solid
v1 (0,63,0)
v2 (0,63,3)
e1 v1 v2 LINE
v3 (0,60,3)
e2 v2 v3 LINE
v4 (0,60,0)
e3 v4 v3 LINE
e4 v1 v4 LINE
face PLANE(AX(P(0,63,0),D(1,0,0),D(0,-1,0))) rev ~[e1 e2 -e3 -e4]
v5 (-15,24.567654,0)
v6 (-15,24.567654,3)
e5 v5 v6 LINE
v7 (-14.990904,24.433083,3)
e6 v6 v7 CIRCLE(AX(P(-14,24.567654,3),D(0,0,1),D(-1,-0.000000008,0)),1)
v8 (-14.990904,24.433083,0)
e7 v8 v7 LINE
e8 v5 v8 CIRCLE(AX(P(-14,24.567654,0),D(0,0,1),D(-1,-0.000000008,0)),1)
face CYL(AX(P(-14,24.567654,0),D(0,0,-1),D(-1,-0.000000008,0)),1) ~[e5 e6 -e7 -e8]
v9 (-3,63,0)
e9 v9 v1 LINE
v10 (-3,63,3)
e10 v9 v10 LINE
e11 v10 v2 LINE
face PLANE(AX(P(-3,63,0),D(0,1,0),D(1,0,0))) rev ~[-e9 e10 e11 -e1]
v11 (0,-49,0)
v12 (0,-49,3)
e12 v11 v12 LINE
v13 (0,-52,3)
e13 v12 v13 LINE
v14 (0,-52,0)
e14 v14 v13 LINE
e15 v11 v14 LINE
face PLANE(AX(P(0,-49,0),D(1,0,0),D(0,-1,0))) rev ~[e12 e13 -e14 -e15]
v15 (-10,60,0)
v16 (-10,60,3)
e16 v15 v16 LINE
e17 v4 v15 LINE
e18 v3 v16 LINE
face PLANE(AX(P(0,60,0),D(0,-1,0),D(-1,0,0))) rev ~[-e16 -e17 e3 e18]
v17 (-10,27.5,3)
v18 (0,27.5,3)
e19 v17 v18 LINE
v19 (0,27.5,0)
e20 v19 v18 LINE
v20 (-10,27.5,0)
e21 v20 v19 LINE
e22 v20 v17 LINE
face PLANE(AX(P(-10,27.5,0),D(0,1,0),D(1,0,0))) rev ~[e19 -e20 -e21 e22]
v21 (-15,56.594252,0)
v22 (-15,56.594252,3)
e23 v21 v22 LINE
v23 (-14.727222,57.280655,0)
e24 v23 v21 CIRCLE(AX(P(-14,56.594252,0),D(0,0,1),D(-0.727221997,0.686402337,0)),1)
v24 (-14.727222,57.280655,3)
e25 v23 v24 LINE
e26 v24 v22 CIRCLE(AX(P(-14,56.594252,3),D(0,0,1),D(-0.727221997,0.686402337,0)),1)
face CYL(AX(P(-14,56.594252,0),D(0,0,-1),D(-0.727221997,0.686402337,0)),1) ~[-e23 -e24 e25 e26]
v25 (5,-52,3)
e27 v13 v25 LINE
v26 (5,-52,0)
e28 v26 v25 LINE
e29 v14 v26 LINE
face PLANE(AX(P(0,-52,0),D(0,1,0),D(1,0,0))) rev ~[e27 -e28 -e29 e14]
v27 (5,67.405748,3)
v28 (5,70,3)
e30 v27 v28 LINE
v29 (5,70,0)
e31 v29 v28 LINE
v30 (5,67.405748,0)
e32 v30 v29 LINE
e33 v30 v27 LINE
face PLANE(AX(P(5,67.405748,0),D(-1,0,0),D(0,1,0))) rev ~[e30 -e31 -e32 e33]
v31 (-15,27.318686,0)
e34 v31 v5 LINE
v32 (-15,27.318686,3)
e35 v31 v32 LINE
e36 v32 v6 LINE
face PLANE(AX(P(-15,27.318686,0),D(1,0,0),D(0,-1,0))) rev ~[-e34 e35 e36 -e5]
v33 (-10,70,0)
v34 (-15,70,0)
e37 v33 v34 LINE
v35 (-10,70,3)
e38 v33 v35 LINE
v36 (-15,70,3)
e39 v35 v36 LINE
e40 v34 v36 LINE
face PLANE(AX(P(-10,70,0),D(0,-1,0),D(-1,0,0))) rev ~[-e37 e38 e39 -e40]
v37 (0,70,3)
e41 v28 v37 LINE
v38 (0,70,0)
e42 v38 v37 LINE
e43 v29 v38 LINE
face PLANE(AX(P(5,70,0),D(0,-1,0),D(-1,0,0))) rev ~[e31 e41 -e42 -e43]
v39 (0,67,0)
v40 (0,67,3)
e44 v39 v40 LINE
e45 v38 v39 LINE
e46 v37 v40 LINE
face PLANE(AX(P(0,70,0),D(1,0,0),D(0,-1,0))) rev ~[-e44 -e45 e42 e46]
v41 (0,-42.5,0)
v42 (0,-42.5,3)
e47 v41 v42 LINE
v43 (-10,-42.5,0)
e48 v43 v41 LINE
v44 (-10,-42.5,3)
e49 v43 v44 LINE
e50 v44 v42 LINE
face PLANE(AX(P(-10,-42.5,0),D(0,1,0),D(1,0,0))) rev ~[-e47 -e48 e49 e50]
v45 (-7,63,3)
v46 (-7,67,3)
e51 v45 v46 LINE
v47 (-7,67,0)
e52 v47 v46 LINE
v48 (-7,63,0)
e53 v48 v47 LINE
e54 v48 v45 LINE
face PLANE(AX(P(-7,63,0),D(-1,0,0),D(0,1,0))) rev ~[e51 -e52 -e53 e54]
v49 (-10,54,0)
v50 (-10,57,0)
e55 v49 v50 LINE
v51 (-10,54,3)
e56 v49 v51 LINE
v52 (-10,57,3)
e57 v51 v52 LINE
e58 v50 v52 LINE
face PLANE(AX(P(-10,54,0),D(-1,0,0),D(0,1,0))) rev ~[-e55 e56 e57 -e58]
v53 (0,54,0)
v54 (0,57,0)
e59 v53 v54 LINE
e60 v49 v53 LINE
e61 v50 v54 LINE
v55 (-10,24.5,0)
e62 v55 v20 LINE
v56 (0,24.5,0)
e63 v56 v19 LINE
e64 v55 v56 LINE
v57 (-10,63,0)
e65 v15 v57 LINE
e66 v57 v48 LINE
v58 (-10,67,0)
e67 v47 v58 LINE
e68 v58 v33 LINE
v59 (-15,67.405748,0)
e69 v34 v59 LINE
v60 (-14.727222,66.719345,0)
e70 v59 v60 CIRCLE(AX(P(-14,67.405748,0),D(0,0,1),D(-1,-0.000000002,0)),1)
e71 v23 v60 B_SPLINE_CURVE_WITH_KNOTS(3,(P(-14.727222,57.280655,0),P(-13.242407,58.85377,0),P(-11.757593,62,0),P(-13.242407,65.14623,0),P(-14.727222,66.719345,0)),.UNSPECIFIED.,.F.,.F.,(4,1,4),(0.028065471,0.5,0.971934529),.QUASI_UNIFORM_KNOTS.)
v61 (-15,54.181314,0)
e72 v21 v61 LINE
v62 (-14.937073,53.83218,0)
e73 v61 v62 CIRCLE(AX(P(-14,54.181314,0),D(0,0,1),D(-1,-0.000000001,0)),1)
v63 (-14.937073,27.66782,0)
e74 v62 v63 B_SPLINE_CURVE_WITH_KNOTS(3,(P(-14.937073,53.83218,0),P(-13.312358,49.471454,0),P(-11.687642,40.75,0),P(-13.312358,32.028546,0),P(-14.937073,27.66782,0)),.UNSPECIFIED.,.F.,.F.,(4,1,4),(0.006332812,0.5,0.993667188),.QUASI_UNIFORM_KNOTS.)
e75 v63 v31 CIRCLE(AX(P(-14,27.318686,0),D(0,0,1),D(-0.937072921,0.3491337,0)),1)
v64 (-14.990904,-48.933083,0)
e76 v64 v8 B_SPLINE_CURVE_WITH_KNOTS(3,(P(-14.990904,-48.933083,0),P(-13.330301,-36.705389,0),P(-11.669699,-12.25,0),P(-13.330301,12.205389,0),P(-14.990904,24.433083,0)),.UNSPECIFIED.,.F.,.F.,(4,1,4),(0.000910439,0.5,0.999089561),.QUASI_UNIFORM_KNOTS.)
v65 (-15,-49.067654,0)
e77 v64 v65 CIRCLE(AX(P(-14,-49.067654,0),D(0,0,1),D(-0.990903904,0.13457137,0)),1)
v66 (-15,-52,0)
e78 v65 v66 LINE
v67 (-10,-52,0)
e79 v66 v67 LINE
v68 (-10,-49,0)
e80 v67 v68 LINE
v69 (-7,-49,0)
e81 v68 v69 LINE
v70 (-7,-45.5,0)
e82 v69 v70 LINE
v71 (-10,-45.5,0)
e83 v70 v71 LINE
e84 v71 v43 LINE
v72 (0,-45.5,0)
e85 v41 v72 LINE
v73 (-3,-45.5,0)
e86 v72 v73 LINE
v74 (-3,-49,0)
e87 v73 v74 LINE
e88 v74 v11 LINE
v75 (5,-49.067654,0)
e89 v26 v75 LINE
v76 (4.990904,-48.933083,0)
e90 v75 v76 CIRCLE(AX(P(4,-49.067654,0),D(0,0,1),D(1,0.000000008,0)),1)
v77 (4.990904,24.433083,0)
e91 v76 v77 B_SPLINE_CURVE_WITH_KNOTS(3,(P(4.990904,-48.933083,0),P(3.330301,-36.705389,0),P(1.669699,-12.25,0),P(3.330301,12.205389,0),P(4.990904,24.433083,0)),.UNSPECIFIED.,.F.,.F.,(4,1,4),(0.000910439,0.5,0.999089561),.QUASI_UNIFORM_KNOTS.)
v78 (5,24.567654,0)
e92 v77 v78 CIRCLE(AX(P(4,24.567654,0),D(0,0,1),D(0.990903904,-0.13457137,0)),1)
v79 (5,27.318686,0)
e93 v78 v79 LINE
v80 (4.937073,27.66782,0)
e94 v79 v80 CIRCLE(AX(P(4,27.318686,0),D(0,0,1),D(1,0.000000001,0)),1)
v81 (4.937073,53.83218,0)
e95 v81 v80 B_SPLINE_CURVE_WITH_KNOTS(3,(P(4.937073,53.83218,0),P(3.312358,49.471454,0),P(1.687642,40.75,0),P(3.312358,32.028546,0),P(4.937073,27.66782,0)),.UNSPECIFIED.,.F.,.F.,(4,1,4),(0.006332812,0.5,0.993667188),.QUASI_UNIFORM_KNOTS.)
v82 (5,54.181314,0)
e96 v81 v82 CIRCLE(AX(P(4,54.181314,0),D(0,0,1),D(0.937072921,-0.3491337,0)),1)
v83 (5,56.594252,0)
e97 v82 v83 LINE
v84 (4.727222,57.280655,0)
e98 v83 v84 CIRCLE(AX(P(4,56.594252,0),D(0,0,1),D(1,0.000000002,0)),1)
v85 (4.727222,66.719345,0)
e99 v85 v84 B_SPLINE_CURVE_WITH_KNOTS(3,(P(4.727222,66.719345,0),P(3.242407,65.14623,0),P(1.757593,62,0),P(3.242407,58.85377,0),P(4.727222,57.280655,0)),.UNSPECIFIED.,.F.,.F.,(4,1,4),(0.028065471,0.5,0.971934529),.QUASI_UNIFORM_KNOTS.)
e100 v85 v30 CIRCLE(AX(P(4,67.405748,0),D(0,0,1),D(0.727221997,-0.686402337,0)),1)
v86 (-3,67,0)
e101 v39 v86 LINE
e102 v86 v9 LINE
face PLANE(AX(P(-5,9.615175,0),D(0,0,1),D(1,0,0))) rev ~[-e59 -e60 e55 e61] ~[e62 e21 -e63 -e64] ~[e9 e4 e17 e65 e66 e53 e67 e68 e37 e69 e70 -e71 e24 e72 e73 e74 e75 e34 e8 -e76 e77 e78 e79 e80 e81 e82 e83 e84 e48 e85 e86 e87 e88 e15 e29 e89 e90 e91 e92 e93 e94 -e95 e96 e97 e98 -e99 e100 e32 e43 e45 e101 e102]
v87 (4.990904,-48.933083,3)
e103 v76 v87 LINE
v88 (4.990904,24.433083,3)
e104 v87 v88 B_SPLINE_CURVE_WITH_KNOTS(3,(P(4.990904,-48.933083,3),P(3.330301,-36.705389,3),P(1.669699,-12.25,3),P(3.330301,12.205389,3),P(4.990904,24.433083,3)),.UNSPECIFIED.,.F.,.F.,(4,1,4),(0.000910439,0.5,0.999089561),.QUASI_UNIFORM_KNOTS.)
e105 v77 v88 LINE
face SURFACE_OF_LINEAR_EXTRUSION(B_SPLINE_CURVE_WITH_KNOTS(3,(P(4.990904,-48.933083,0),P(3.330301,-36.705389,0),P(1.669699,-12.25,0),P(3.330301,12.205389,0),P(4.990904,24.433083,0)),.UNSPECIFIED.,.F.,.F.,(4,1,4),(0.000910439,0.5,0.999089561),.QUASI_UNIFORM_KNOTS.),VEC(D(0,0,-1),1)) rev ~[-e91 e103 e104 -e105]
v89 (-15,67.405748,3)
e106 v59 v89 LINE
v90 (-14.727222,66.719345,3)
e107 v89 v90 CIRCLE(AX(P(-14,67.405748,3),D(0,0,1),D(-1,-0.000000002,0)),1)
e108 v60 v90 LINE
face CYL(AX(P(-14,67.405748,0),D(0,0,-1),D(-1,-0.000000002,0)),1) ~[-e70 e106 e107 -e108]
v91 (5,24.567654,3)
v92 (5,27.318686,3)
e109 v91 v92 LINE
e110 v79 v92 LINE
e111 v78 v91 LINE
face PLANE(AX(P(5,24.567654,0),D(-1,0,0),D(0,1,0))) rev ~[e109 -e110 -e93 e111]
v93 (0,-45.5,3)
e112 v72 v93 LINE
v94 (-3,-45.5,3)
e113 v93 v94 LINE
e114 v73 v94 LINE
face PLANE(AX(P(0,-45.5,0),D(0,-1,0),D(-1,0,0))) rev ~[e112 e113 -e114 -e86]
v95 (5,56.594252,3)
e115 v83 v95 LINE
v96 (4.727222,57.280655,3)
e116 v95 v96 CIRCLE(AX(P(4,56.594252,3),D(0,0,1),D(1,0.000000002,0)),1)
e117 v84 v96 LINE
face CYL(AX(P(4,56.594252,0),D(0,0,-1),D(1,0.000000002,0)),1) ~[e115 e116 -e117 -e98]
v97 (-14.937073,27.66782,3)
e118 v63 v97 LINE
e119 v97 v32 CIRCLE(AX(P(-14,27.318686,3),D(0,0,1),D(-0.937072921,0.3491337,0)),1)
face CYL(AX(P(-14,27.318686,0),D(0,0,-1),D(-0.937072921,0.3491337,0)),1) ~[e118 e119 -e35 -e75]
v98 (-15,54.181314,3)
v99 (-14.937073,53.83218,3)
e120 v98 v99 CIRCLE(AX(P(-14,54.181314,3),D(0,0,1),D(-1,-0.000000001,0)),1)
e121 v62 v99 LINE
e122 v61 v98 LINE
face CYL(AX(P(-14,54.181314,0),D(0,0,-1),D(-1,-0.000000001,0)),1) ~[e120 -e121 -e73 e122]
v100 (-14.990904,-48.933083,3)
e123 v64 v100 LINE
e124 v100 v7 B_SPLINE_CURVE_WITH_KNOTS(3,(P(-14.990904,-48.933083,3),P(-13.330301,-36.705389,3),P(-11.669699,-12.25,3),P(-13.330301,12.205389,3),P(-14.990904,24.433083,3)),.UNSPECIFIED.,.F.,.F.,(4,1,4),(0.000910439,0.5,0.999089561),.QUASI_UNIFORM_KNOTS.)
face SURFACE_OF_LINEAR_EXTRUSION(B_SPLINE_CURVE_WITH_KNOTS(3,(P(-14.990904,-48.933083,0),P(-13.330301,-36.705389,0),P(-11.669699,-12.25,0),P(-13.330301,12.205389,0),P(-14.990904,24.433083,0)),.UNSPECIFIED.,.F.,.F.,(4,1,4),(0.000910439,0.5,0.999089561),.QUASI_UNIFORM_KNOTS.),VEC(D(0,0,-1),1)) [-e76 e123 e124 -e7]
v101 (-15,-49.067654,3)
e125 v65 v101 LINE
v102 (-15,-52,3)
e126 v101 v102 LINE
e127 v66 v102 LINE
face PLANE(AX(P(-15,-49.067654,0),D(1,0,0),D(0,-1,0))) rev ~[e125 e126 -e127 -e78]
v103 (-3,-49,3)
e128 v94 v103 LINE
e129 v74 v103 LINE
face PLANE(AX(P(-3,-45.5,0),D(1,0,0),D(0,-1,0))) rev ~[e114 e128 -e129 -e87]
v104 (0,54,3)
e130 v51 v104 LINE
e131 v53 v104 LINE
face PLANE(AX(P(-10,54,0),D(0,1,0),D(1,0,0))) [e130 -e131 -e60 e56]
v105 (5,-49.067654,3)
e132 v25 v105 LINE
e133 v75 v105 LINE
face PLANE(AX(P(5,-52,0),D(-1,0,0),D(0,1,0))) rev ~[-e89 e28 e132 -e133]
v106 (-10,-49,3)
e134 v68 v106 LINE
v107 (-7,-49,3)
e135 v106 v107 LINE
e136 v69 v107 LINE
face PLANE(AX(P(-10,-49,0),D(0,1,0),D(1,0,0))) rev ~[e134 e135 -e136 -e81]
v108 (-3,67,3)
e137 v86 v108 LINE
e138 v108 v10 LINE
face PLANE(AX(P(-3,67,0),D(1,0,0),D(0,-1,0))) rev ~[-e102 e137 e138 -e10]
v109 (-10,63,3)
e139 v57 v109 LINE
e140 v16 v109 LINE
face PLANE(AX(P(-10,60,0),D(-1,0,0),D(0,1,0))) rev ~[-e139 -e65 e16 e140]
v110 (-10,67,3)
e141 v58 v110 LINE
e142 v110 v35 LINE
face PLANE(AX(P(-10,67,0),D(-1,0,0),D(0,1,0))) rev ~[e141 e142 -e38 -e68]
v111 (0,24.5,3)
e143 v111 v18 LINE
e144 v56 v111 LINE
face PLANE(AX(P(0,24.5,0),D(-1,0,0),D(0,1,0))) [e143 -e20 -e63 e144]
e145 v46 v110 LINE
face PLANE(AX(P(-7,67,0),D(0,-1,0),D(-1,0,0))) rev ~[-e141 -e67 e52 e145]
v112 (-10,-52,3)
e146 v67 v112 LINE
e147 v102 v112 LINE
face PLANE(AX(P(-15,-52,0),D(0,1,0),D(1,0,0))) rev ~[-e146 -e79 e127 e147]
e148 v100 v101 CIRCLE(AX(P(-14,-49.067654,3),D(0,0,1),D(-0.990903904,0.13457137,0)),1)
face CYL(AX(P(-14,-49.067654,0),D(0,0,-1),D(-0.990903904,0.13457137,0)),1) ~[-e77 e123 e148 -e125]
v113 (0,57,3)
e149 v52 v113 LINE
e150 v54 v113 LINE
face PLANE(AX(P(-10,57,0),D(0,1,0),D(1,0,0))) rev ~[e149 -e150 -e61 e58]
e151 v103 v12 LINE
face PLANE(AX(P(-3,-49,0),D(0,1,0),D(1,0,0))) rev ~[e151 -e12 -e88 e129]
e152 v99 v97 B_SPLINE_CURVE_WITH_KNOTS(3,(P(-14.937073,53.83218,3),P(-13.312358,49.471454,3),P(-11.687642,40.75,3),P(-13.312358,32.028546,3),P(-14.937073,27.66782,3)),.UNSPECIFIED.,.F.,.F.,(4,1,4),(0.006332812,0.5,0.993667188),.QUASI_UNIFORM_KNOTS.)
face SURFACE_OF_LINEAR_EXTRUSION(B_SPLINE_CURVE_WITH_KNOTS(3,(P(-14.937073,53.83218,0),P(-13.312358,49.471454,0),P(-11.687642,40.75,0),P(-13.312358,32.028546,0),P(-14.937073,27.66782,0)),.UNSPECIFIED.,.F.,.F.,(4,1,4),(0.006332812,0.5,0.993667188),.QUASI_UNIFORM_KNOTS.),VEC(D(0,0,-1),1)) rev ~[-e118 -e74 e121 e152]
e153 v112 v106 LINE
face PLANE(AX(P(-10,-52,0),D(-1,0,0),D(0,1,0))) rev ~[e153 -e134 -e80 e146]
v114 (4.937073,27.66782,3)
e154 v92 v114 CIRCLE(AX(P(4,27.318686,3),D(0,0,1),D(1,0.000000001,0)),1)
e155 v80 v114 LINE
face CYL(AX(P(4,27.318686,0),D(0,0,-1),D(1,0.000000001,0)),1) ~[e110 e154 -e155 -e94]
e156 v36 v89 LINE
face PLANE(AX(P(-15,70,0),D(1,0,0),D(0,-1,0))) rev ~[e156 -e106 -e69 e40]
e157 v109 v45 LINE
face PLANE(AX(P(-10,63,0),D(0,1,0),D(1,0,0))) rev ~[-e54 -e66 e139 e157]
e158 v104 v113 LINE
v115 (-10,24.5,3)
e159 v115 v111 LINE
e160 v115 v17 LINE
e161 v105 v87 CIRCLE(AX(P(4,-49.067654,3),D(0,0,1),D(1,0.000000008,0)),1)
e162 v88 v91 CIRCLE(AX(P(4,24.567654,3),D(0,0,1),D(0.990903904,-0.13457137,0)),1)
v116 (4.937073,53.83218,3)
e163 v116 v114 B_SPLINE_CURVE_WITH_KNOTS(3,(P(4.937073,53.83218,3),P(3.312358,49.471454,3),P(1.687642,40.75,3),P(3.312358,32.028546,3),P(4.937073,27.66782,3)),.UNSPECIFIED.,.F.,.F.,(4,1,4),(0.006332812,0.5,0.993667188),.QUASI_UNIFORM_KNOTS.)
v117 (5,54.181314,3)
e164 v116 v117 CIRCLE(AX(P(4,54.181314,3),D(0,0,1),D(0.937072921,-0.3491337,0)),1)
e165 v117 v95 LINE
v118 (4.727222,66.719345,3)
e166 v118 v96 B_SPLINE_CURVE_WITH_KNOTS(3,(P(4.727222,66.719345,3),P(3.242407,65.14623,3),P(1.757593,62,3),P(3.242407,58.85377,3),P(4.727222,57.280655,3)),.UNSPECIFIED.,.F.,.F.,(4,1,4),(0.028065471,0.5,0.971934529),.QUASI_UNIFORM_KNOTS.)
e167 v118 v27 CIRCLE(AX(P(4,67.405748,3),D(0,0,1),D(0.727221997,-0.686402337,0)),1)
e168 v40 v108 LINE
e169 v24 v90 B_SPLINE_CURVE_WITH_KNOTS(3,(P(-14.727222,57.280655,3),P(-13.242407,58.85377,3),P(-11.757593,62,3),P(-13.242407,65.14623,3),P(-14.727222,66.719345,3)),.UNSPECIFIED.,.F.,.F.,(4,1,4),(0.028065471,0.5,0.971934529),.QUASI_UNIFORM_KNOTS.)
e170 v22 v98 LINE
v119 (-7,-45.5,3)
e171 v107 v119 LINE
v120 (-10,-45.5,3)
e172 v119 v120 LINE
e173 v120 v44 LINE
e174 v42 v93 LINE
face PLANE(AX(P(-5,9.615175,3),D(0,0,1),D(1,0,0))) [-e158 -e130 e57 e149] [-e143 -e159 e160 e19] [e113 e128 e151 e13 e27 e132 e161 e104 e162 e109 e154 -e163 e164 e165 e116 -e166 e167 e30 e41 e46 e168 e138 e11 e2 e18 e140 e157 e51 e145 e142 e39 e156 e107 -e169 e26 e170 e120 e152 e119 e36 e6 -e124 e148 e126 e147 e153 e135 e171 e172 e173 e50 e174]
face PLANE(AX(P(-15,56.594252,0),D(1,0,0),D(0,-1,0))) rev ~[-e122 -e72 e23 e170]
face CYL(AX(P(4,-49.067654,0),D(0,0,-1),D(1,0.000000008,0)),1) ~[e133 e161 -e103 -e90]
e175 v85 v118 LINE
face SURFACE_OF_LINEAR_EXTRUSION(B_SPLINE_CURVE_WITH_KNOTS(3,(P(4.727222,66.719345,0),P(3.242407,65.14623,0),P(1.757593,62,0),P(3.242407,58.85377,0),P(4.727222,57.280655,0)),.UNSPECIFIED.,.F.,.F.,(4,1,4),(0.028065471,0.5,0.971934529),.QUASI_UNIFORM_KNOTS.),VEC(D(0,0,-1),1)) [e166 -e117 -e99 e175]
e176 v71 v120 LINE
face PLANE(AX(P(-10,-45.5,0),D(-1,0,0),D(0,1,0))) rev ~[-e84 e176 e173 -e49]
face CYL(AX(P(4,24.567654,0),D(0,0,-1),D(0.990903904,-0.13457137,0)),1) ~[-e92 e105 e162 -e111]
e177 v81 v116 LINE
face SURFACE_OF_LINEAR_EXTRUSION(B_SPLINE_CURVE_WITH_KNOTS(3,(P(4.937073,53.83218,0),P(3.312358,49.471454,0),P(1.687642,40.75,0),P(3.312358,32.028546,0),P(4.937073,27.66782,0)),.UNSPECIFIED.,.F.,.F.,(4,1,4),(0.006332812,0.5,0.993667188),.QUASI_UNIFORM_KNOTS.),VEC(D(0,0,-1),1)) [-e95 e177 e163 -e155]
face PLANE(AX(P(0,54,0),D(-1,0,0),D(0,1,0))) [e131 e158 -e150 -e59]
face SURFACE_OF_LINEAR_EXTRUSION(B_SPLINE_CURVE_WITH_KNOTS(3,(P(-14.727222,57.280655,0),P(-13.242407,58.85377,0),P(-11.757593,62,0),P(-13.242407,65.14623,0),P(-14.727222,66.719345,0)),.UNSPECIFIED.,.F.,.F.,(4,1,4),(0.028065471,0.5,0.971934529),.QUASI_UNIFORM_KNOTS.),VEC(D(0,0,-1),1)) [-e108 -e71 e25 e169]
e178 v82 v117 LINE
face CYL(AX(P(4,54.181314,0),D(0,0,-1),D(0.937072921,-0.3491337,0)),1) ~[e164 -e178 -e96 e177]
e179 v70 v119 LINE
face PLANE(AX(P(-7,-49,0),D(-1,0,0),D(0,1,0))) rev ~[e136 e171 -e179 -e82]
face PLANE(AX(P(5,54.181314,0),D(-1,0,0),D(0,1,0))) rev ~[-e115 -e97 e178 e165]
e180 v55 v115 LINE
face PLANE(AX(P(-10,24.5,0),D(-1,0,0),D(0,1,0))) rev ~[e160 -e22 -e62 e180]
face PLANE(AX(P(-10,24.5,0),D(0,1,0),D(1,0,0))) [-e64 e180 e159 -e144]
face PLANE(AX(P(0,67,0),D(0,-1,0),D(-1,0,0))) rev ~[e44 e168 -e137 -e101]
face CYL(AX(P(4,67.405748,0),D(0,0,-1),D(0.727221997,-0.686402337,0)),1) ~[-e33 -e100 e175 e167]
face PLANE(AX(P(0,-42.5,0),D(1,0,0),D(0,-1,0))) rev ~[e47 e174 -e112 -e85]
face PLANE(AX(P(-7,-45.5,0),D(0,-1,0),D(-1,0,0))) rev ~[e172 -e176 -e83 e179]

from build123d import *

# Parameters (mm, degrees)
CROQUIS1_W              = 10
CROQUIS1_H              = 3
SALIENTE_EXTRUIR1_DEPTH = 3


with BuildPart() as part:
    # Croquis1 → Saliente-Extruir1 (new body)
    with BuildSketch(Plane.XY):
        with BuildLine():
            Line((-0.5, 63), (0, 63))
            Line((0, 63), (0, 60))
            Line((0, 60), (-0.5, 60))
            Line((-0.5, 60), (-9.5, 60))
            Line((-9.5, 60), (-10, 60))
            Line((-10, 60), (-10, 63))
            Line((-10, 63), (-9.5, 63))
            Line((-9.5, 63), (-7, 63))
            Line((-7, 63), (-7, 67))
            Line((-7, 67), (-10, 67))
            Line((-10, 67), (-10, 70))
            Line((-10, 70), (-15, 70))
            Line((-15, 70), (-15, 67.405747627))
            ThreePointArc((-15, 67.405747627), (-14.929306729, 67.036438809), (-14.727221995, 66.719345288))
            add(Edge.make_bspline(
                [(-14.727221995, 57.280654712), (-13.242407332, 58.853769808), (-11.757592668, 62), (-13.242407332, 65.146230192), (-14.727221995, 66.719345288)],
                knots=[0.028065471, 0.028065471, 0.028065471, 0.028065471, 0.5, 0.971934529, 0.971934529, 0.971934529, 0.971934529], degree=3))
            ThreePointArc((-14.727221995, 57.280654712), (-14.929306729, 56.963561191), (-15, 56.594252373))
            Line((-15, 56.594252373), (-15, 54.181314171))
            ThreePointArc((-15, 54.181314171), (-14.9841425, 54.003934523), (-14.937072921, 53.832180471))
            add(Edge.make_bspline(
                [(-14.937072921, 53.832180471), (-13.31235764, 49.471453647), (-11.68764236, 40.75), (-13.31235764, 32.028546353), (-14.937072921, 27.667819529)],
                knots=[0.006332812, 0.006332812, 0.006332812, 0.006332812, 0.5, 0.993667188, 0.993667188, 0.993667188, 0.993667188], degree=3))
            ThreePointArc((-14.937072921, 27.667819529), (-14.9841425, 27.496065477), (-15, 27.318685829))
            Line((-15, 27.318685829), (-15, 24.567654138))
            ThreePointArc((-15, 24.567654138), (-14.997723384, 24.500214919), (-14.990903903, 24.433082766))
            add(Edge.make_bspline(
                [(-14.990903903, -48.933082766), (-13.330301301, -36.70538851), (-11.669698699, -12.25), (-13.330301301, 12.20538851), (-14.990903903, 24.433082766)],
                knots=[0.000910439, 0.000910439, 0.000910439, 0.000910439, 0.5, 0.999089561, 0.999089561, 0.999089561, 0.999089561], degree=3))
            ThreePointArc((-14.990903903, -48.933082766), (-14.997723384, -49.000214919), (-15, -49.067654138))
            Line((-15, -49.067654138), (-15, -51.701381229))
            Line((-15, -51.701381229), (-15, -52))
            Line((-15, -52), (-10, -52))
            Line((-10, -52), (-10, -49))
            Line((-10, -49), (-7, -49))
            Line((-7, -49), (-7, -45.5))
            Line((-7, -45.5), (-9.5, -45.5))
            Line((-9.5, -45.5), (-10, -45.5))
            Line((-10, -45.5), (-10, -42.5))
            Line((-10, -42.5), (-9.5, -42.5))
            Line((-9.5, -42.5), (-0.5, -42.5))
            Line((-0.5, -42.5), (0, -42.5))
            Line((0, -42.5), (0, -45.5))
            Line((0, -45.5), (-0.5, -45.5))
            Line((-0.5, -45.5), (-3, -45.5))
            Line((-3, -45.5), (-3, -49))
            Line((-3, -49), (0, -49))
            Line((0, -49), (0, -52))
            Line((0, -52), (5, -52))
            Line((5, -52), (5, -51.701381229))
            Line((5, -51.701381229), (5, -49.067654138))
            ThreePointArc((5, -49.067654138), (4.997723384, -49.000214919), (4.990903903, -48.933082766))
            add(Edge.make_bspline(
                [(4.990903903, -48.933082766), (3.330301301, -36.70538851), (1.669698699, -12.25), (3.330301301, 12.20538851), (4.990903903, 24.433082766)],
                knots=[0.000910439, 0.000910439, 0.000910439, 0.000910439, 0.5, 0.999089561, 0.999089561, 0.999089561, 0.999089561], degree=3))
            ThreePointArc((4.990903903, 24.433082766), (4.997723384, 24.500214919), (5, 24.567654138))
            Line((5, 24.567654138), (5, 27.318685829))
            ThreePointArc((5, 27.318685829), (4.9841425, 27.496065477), (4.937072921, 27.667819529))
            add(Edge.make_bspline(
                [(4.937072921, 53.832180471), (3.31235764, 49.471453647), (1.68764236, 40.75), (3.31235764, 32.028546353), (4.937072921, 27.667819529)],
                knots=[0.006332812, 0.006332812, 0.006332812, 0.006332812, 0.5, 0.993667188, 0.993667188, 0.993667188, 0.993667188], degree=3))
            ThreePointArc((4.937072921, 53.832180471), (4.9841425, 54.003934523), (5, 54.181314171))
            Line((5, 54.181314171), (5, 56.594252373))
            ThreePointArc((5, 56.594252373), (4.929306729, 56.963561191), (4.727221995, 57.280654712))
            add(Edge.make_bspline(
                [(4.727221995, 66.719345288), (3.242407332, 65.146230192), (1.757592668, 62), (3.242407332, 58.853769808), (4.727221995, 57.280654712)],
                knots=[0.028065471, 0.028065471, 0.028065471, 0.028065471, 0.5, 0.971934529, 0.971934529, 0.971934529, 0.971934529], degree=3))
            ThreePointArc((4.727221995, 66.719345288), (4.929306729, 67.036438809), (5, 67.405747627))
            Line((5, 67.405747627), (5, 70))
            Line((5, 70), (0, 70))
            Line((0, 70), (0, 67))
            Line((0, 67), (-3, 67))
            Line((-3, 67), (-3, 63))
            Line((-3, 63), (-0.5, 63))
        make_face()
        with Locations((-5, 26)):
            Rectangle(CROQUIS1_W, CROQUIS1_H, mode=Mode.SUBTRACT)
        with Locations((-5, 55.5)):
            Rectangle(CROQUIS1_W, CROQUIS1_H, mode=Mode.SUBTRACT)
    extrude(amount=SALIENTE_EXTRUIR1_DEPTH)


solid = part.part
